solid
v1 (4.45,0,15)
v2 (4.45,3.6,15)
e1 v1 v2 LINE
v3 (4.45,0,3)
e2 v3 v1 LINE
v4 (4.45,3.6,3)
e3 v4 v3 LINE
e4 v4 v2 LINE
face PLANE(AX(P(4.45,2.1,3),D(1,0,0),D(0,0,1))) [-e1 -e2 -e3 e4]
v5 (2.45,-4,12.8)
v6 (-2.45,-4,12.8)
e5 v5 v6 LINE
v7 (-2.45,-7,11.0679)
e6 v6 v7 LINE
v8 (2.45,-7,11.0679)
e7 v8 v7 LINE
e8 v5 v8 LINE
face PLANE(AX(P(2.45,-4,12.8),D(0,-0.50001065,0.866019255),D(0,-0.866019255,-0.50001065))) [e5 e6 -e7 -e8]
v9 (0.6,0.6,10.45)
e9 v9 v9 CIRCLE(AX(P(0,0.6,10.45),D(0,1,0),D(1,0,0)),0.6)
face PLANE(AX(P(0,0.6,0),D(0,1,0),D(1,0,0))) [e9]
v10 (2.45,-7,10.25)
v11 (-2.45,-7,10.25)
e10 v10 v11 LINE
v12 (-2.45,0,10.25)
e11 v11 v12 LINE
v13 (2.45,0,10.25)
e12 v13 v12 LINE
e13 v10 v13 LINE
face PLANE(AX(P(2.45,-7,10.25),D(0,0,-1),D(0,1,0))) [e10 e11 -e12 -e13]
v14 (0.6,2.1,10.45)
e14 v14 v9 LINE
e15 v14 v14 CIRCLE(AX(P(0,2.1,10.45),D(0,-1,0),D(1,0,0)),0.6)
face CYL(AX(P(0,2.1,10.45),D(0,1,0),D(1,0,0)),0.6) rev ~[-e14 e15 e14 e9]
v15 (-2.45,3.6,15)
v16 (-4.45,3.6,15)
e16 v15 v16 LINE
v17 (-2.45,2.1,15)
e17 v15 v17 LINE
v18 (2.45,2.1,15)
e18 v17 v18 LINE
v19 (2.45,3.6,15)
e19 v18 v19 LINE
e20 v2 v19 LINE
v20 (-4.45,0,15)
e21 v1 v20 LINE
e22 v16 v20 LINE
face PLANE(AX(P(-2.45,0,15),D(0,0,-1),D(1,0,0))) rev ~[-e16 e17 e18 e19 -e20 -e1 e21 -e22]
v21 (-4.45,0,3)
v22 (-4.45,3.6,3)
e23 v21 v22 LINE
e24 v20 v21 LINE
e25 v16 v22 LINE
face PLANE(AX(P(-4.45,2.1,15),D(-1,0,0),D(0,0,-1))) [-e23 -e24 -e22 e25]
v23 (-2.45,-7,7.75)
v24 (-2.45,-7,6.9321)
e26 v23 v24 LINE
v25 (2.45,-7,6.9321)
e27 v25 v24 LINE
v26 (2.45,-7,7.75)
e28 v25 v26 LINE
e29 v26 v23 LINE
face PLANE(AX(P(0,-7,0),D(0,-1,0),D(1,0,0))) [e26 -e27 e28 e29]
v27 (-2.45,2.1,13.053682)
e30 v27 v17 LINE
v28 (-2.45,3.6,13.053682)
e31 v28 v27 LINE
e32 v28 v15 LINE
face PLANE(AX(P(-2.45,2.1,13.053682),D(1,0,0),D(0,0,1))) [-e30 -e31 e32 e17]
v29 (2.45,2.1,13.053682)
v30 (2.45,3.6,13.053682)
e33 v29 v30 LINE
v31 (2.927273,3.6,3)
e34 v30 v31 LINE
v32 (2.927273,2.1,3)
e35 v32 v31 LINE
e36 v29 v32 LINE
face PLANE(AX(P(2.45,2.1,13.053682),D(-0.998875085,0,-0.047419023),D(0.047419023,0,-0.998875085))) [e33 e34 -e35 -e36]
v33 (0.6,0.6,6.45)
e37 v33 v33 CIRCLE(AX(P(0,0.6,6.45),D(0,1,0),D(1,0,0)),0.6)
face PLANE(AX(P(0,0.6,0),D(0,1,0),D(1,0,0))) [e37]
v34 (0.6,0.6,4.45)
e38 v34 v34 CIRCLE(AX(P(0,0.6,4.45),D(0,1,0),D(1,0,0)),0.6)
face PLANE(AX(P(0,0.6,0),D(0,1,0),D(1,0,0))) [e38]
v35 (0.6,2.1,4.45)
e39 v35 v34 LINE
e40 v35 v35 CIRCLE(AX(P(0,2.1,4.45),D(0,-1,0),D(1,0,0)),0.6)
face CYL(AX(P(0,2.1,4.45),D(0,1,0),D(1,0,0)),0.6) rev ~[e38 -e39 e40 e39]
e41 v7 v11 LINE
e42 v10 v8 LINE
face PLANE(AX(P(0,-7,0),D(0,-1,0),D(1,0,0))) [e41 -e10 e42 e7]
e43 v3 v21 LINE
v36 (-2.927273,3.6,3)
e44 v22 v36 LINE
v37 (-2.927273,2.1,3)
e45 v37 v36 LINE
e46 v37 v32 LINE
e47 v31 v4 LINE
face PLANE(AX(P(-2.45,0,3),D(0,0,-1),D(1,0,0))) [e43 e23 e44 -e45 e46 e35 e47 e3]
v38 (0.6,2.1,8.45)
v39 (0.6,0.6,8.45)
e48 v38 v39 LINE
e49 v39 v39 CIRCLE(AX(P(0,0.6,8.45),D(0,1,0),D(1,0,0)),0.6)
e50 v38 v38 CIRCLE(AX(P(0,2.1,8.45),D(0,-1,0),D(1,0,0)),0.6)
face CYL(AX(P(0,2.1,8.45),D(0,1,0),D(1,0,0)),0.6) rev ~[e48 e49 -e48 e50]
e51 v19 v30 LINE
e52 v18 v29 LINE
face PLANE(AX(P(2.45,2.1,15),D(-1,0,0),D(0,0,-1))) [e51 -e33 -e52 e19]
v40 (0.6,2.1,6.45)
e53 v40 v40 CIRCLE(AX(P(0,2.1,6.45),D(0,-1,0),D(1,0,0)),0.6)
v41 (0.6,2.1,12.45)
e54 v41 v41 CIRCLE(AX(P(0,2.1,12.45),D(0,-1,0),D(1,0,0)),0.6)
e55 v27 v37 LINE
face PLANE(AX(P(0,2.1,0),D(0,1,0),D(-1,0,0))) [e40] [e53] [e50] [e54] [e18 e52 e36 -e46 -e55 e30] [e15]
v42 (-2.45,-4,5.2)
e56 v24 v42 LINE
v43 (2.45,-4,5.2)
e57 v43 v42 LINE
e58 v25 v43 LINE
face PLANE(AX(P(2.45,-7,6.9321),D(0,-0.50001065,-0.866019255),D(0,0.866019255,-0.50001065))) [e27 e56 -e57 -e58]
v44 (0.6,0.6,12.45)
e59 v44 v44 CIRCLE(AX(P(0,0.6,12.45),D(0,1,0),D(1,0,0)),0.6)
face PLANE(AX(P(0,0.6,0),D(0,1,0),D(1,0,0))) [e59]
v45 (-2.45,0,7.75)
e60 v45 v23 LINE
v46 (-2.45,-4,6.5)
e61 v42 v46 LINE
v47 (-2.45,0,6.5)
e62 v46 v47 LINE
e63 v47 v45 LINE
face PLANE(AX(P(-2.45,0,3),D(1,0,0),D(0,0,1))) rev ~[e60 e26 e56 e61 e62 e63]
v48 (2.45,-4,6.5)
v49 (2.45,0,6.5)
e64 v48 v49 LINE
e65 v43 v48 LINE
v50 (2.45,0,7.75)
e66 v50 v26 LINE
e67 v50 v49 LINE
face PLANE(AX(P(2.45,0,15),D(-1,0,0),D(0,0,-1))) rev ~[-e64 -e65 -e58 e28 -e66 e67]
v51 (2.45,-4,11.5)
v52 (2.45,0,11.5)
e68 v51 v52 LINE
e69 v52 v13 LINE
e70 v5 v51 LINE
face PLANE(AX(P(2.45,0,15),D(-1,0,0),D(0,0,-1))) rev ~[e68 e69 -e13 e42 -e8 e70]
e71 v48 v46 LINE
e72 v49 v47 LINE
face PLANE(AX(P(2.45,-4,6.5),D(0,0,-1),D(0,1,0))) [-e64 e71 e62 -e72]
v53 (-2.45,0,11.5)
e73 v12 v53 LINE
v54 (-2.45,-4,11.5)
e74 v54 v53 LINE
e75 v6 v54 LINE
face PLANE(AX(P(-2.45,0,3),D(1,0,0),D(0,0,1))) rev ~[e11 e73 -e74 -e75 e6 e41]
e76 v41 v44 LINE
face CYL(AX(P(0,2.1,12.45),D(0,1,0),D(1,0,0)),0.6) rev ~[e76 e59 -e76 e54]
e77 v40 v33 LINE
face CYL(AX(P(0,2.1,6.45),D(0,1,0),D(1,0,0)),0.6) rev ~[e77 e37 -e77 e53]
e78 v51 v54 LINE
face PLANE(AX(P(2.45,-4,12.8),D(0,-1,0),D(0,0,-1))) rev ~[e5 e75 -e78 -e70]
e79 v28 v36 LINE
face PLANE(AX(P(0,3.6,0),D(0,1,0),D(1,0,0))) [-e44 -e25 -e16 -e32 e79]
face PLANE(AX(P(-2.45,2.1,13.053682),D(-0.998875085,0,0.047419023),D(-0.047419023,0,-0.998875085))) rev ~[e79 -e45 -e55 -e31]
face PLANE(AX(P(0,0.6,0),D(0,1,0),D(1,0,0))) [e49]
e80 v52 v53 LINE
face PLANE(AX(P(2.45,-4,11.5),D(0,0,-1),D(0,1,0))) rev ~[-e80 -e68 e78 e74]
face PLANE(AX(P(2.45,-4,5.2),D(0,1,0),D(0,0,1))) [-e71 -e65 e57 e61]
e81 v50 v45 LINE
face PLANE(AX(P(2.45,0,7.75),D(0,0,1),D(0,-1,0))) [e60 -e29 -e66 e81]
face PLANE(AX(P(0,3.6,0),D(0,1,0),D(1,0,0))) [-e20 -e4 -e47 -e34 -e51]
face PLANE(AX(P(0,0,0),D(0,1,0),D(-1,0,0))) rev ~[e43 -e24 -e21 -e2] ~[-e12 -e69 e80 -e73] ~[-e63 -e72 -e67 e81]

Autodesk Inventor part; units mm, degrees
ref_plane "YZ Plane" through (0, 0, 0) normal (1, 0, 0) x (0, 1, 0)
ref_plane "XZ Plane" through (0, 0, 0) normal (0, 1, 0) x (-1, 0, 0)
ref_plane "XY Plane" through (0, 0, 0) normal (0, 0, 1) x (1, 0, 0)
sketch "Sketch1" plane through (0, 0, 0) normal (0, 1, 0) x (-1, 0, 0)
  circle A0 centre (0, 0) radius 1.75
  circle A1 centre (0, 0) radius 2.45
  line L0 (0.95, 1.4697) -> (0.95, -1.4697)
  line L1 (1.5, 13) -> (-1.5, 13) construction
  line L2 (-1.5, 13) -> (-1.5, 5) construction
  line L3 (-1.5, 5) -> (1.5, 5) construction
  line L4 (1.5, 5) -> (1.5, 13) construction
  line L5 (0, 5) -> (0, 0) construction
  line L6 (2.45, 0) -> (2.45, 15)
  line L7 (2.45, 15) -> (-2.45, 15)
  line L8 (-2.45, 15) -> (-2.45, 0)
  line L9 (2.45, 0) -> (2.45, -2)
  line L10 (0.45, -4) -> (-0.45, -4)
  line L11 (-2.45, -2) -> (-2.45, 0)
  arc A2 (0.45, -4) -> (2.45, -2) centre (0.45, -2) ccw
  arc A3 (-2.45, -2) -> (-0.45, -4) centre (-0.45, -2) ccw
  line L12 (2.45, 3) -> (-2.45, 3)
  dimension "d0" = 3.5
  dimension "d1" = 4.9
  dimension "d3" = 3
  dimension "d4" = 8
  dimension "d5" = 5
  dimension "d6" = 2
  dimension "d15" = 2.7
  dimension "d24" = 4
  dimension "d25" = 2
  dimension "d28" = 2
extrude "Extrusion1" add sketch "Sketch1" along normal blind 2.1 contours L12 L8 L7 L6
sketch "Sketch2" plane through (0, 0, 0) normal (0, -1, 0) x (1, 0, 0)
  line L0 (2.45, 12.8) -> (-2.45, 12.8)
  line L1 (-2.45, 12.8) -> (-2.45, 5.2)
  line L2 (-2.45, 5.2) -> (2.45, 5.2)
  line L3 (2.45, 5.2) -> (2.45, 12.8)
  line L4 (0, 0) -> (0, 5.2) construction
  line L5 (2.45, 9) -> (-2.45, 9) construction
  line L6 (-2.45, 15) -> (2.45, 15) projected
  line L7 (2.45, 15) -> (2.45, 3) projected
  dimension "d10" = 7.6
extrude "Extrusion2" add sketch "Sketch2" along normal blind 7
sketch "Sketch3" plane through (2.45, 0, -3) normal (1, 0, 0) x (0, 0, -1)
  line L0 (-15.8, 0) -> (-15.8, -7) projected
  line L1 (-15.8, -4) -> (-14.0679, -7)
  line L2 (-13.25, -7) -> (-13.25, 0)
  line L3 (-13.25, 0) -> (-10.75, 0)
  line L4 (-10.75, 0) -> (-10.75, -7)
  line L5 (-10.75, -7) -> (-9.9321, -7)
  line L6 (-9.9321, -7) -> (-8.2, -4)
  line L7 (-8.2, -4) -> (-9.5, -4)
  line L8 (-9.5, -4) -> (-9.5, 0)
  line L9 (-8.2, 0) -> (-8.2, -7) projected
  line L10 (-9.5, 0) -> (-8.2, 0)
  line L11 (-13.25, -7) -> (-14.0679, -7)
  line L12 (-15.8, -4) -> (-14.5, -4)
  line L13 (-14.5, -4) -> (-14.5, 0)
  line L14 (-14.5, 0) -> (-15.8, 0)
  line L15 (-13.25, -7) -> (-12, -6.9306) construction
  line L16 (-10.75, -7) -> (-13.25, -7)
  line L17 (-8.2, -7) -> (-15.8, -7) projected
  line L18 (-15.8, 0) -> (-15.8, -7) projected
  line L19 (-15.8, -4) -> (-15.8, -7)
  line L20 (-15.8, -7) -> (-14.0679, -7)
  line L21 (-3, 0) -> (-8.2, 0) projected
  line L22 (-8.2, 0) -> (-8.2, -4)
  line L23 (-12, -6.9306) -> (-12, 0) construction
  line L24 (-9.5, -4) -> (-10.75, -4) construction
  line L25 (-14.5, -4) -> (-13.25, -4) construction
  line L26 (-6, 0) -> (-18, 0) projected
  line L27 (-17.9, 0) -> (-18, 0)
  line L28 (-18, 0) -> (-6, 0) projected
  line L29 (-6.1, 0) -> (-6, 0)
  point P0 (-9.9321, -7)
  point P1 (-18, 2.1)
  point P2 (-6, 2.1)
  point P3 (-18.8, 0)
  point P4 (-14.75, -6.5676)
  point P5 (-12.25, -5.8187)
  point P6 (-10.75, -7)
  dimension "d18" = 4
  dimension "d19" = 1.25
  dimension "d20" = 1.25
  dimension "d22" = 60
extrude "Extrusion5" cut sketch "Sketch3" against normal up to surface (4.9 mm away) contours L14 L13 L12 L0 | L1 L17 L0 | L3 L4 L16 L2 | L10 L9 L7 L8 | L6 L9 L17
sketch "Sketch5" plane through (0, 2.1, 0) normal (0, 1, 0) x (1, 0, 0)
  circle A0 centre (0, 0) radius 1.05
  circle A1 centre (0, 0) radius 3.45
  line L0 (2.3973, -14.1638) -> (2.9878, -1.725)
  line L1 (2.9878, -1.725) -> (2.3973, -14.1638)
  arc A2 (-2.3973, -14.1638) -> (2.3973, -14.1638) centre (0, -14.05) ccw
  line L2 (-2.3973, -14.1638) -> (-2.9878, -1.725)
  arc A3 (-2.3973, -14.1638) -> (2.3973, -14.1638) centre (0, -14.05) ccw
  circle A4 centre (0, -4.45) radius 0.25
  circle A5 centre (0, -4.45) radius 0.6 construction
  circle A6 centre (0, -6.45) radius 0.6 construction
  circle A7 centre (0, -6.45) radius 0.25
  circle A8 centre (0, -8.45) radius 0.25
  circle A9 centre (0, -8.45) radius 0.6 construction
  circle A10 centre (0, -10.45) radius 0.25
  circle A11 centre (0, -10.45) radius 0.6 construction
  circle A12 centre (0, -12.45) radius 0.25
  circle A13 centre (0, -12.45) radius 0.6 construction
  circle A14 centre (0, -14.45) radius 0.25
  circle A15 centre (0, -14.45) radius 0.6 construction
  line L3 (0, -11.65) -> (0, 0) construction
  line L4 (0, -4.45) -> (0, -6.45)
  line L5 (0, -6.45) -> (0, -8.45)
  line L6 (0, -8.45) -> (0, -10.45)
  line L7 (0, -10.45) -> (0, -12.45)
  line L8 (0, -12.45) -> (0, -14.45)
  line L9 (0, 0) -> (-2.9878, -1.725) construction
  line L10 (0, 0) -> (2.9878, -1.725) construction
  line L11 (-2.9878, -1.725) -> (0, -1.725) construction
  line L12 (2.9878, -1.725) -> (0, -1.725) construction
  line L13 (-4.45, -3) -> (4.45, -3)
  line L14 (4.45, -3) -> (4.45, -15)
  line L15 (4.45, -15) -> (-4.45, -15)
  line L16 (-4.45, -15) -> (-4.45, -3)
  line L17 (-2.45, -3) -> (-2.45, -15) projected
  line L18 (2.45, -15) -> (2.45, -3) projected
  line L19 (-2.45, -15) -> (2.45, -15) projected
  line L20 (2.45, -3) -> (-2.45, -3) projected
  point P0 (2.45, -13.0537)
  point P1 (2.204, -15)
  point P2 (-2.204, -15)
  point P3 (-2.45, -13.0537)
  point P4 (-2.9273, -3)
  point P5 (2.9273, -3)
  dimension "d34" = 2.1
  dimension "d35" = 6.9
  dimension "d36" = 2
  dimension "d37" = 0.5
  dimension "d38" = 2.4
  dimension "d39" = 0.4
  dimension "d41" = 60
  dimension "d42" = 4.45
  dimension "d43" = 2
  dimension "d44" = 2
  dimension "d49" = 1.2
extrude "Extrusion6" add sketch "Sketch5" along normal blind 1.5 and the other way blind 2.1 contours L2 L17 L15 L16 L13 | L13 L14 L15 L18 L0
sketch "Sketch7" plane through (0, 2.1, 0) normal (0, 1, 0) x (1, 0, 0)
  line L0 (-2.9273, -3) -> (-4.45, -3) projected
  line L1 (4.45, -15) -> (4.45, -3) projected
  line L2 (-4.45, -3) -> (4.45, -3)
  line L3 (4.45, -3) -> (4.45, -15)
  line L4 (4.45, -15) -> (-4.45, -15)
  line L5 (-4.45, -15) -> (-4.45, -3)
  point P0 (0, 0)
  point P1 (4.45, -3)
extrude "Extrusion8" add sketch "Sketch7" against normal blind 2.1
sketch "Sketch6" plane through (0, 2.1, 0) normal (0, 1, 0) x (1, 0, 0)
  circle A0 centre (0, 0) radius 1.05
  circle A1 centre (0, 0) radius 3.45
  circle A2 centre (0, -14.45) radius 0.6
  circle A3 centre (0, -14.45) radius 0.6 construction
  arc A4 (-1.997, -14.1591) -> (1.997, -14.1591) centre (0, -14.05) ccw
  arc A5 (-1.997, -14.1591) -> (1.997, -14.1591) centre (0, -14.05) ccw
  circle A6 centre (0, -4.45) radius 0.6
  circle A7 centre (0, -4.45) radius 0.6 construction
  circle A8 centre (0, -6.45) radius 0.6
  circle A9 centre (0, -8.45) radius 0.6
  circle A10 centre (0, -8.45) radius 0.6 construction
  line L0 (1.997, -14.1591) -> (2.65, -2.2091)
  line L1 (2.65, -2.2091) -> (1.997, -14.1591)
  line L2 (-1.997, -14.1591) -> (-2.65, -2.2091)
  circle A11 centre (0, -10.45) radius 0.6
  circle A12 centre (0, -10.45) radius 0.6 construction
  circle A13 centre (0, -12.45) radius 0.6
  circle A14 centre (0, -12.45) radius 0.6 construction
  circle A15 centre (0, -6.45) radius 0.6 construction
  line L3 (0, -12.05) -> (0, 0) construction
  line L4 (0, -4.45) -> (0, -6.45)
  line L5 (0, -6.45) -> (0, -8.45)
  line L6 (0, -8.45) -> (0, -10.45)
  line L7 (0, -10.45) -> (0, -12.45)
  line L8 (0, -12.45) -> (0, -14.45)
  line L9 (0, 0) -> (-2.65, -2.2091) construction
  line L10 (0, 0) -> (2.65, -2.2091) construction
  line L11 (-2.65, -2.2091) -> (0, -2.2091) construction
  line L12 (2.65, -2.2091) -> (0, -2.2091) construction
  line L13 (-4.45, -3) -> (4.45, -3)
  line L14 (4.45, -3) -> (4.45, -15)
  line L15 (4.45, -15) -> (-4.45, -15)
  line L16 (-4.45, -15) -> (-4.45, -3)
  line L17 (-2.45, -3) -> (-2.45, -15)
  line L18 (2.45, -15) -> (2.45, -3)
  line L19 (-2.45, -15) -> (2.45, -15)
  line L20 (2.45, -3) -> (-2.45, -3)
  point P0 (-0.2398, -15)
  point P1 (0.2398, -15)
  dimension "d50" = 2.1
  dimension "d51" = 6.9
  dimension "d52" = 2
  dimension "d53" = 1.2
  dimension "d54" = 2
  dimension "d55" = 0.4
  dimension "d56" = 50.185
  dimension "d57" = 4.45
  dimension "d58" = 2
  dimension "d59" = 2
  dimension "d60" = 1.2
extrude "Extrusion7" cut sketch "Sketch6" against normal blind 1.5 contours A6 | A8 L4 L5 | L5 L4 A8 | A9 L5 L6 | L6 L5 A9 | A11 L6 L7 | L7 L6 A11 | A13 L7 L8 | L8 L7 A13
properties part number "PlugConnectionBigServo"
